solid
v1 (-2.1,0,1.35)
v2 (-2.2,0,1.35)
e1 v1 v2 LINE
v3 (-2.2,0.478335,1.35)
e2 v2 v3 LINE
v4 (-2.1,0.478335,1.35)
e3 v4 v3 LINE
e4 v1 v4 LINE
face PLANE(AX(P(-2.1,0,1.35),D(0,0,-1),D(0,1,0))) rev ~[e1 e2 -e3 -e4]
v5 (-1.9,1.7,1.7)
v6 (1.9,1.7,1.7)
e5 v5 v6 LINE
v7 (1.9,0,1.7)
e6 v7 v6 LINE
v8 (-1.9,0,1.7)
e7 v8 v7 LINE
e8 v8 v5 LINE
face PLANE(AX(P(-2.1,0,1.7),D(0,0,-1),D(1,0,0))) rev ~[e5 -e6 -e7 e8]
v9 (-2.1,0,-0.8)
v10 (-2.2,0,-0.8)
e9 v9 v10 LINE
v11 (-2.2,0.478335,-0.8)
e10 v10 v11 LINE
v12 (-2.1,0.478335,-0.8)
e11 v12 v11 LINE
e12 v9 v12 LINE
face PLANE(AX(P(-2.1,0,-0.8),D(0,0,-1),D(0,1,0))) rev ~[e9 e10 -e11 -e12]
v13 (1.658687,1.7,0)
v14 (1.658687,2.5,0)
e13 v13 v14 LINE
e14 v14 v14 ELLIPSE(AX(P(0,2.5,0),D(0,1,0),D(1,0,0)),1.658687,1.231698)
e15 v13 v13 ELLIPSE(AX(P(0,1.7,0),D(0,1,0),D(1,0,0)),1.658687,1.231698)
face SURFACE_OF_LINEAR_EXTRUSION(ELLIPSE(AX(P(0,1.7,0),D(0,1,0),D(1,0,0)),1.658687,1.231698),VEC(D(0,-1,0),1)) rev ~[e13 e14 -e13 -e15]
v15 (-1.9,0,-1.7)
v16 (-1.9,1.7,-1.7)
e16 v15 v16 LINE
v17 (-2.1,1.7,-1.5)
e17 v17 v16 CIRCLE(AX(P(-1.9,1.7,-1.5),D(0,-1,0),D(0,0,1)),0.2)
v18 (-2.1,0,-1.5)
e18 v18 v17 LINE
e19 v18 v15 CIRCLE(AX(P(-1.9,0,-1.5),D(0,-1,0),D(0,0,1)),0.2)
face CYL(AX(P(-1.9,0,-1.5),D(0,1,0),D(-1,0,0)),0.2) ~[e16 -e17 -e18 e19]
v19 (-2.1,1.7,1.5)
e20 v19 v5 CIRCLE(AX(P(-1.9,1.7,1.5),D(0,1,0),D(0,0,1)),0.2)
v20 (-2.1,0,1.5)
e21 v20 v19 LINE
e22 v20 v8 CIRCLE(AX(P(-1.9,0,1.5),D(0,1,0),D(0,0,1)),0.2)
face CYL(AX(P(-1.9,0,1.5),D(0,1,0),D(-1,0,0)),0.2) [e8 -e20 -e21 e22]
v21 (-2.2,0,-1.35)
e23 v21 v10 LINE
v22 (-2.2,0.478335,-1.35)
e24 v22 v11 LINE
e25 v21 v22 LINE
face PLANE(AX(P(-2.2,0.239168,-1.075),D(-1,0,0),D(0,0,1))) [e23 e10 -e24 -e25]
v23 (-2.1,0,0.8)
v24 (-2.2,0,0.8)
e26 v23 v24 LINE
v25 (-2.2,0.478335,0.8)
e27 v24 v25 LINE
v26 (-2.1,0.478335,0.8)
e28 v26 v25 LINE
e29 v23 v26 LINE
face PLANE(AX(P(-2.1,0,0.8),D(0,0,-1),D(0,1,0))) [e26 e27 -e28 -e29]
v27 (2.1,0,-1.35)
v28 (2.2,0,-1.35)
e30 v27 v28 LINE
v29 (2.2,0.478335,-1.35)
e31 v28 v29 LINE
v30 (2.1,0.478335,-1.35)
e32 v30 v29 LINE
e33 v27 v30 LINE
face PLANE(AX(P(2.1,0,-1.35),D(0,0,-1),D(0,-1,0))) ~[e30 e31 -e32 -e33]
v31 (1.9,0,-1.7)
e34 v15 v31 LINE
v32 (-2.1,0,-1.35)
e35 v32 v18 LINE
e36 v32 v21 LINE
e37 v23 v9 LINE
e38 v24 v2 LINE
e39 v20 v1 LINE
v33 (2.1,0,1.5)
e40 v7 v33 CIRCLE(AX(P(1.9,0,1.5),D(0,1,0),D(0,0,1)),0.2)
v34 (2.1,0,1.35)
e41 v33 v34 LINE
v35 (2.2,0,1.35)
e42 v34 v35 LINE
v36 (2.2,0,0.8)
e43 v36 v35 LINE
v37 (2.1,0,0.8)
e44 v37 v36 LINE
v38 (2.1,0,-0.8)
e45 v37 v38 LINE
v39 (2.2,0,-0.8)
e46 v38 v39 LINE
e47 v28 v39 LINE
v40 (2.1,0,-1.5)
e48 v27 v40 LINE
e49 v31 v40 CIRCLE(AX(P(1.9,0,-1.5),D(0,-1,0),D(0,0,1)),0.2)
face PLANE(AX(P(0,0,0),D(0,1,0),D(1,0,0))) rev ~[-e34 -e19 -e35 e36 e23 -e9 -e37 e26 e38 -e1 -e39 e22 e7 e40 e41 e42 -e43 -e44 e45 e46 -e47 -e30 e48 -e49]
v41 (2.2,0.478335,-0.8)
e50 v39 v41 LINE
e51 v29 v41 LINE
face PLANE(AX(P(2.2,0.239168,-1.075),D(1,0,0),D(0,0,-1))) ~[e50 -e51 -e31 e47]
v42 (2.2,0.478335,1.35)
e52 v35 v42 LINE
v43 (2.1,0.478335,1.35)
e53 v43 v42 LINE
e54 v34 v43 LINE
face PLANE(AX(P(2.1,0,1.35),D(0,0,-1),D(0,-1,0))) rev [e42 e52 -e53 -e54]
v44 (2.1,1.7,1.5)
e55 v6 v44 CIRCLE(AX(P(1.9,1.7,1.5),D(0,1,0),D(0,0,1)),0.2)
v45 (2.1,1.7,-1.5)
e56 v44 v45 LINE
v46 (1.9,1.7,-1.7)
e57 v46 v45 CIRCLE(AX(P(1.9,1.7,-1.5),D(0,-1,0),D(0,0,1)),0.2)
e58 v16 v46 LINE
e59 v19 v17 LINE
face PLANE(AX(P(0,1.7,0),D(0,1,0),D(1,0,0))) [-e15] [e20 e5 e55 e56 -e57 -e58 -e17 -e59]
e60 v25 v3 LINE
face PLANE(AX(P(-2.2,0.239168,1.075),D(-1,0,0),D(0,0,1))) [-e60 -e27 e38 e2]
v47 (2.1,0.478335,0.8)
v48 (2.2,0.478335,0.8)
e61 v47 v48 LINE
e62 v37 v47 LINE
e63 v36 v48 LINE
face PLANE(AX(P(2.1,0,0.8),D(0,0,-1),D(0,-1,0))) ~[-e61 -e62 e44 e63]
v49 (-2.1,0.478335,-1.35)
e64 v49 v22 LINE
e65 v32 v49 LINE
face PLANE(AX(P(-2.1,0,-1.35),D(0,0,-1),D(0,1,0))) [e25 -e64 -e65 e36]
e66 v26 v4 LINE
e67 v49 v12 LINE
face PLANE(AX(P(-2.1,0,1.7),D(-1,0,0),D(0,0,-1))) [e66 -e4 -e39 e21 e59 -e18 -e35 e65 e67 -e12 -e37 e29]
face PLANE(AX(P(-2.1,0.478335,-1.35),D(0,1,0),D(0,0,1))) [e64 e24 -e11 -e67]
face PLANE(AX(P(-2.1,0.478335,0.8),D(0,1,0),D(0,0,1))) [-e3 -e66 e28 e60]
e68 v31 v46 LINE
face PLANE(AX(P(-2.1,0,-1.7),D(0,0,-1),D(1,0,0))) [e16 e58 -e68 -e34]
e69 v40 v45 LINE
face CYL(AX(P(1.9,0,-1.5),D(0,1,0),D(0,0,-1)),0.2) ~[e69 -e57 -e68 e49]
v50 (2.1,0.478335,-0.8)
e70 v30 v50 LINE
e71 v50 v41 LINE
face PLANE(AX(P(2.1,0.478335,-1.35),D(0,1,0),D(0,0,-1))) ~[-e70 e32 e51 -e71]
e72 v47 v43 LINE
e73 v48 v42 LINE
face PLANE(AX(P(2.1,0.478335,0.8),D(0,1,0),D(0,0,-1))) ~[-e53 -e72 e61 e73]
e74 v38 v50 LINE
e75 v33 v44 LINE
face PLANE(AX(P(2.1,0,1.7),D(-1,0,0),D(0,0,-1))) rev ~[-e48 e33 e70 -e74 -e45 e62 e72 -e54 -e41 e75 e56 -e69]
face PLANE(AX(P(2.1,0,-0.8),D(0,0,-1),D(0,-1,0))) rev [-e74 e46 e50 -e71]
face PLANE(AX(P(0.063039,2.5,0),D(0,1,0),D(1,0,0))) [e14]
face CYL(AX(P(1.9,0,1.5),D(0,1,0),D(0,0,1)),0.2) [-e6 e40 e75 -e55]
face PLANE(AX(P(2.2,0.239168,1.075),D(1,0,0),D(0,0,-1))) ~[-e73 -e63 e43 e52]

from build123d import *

# Parameters (mm, degrees)
SKETCH_1_W      = 4.2
SKETCH_1_H      = 3.4
EXTRUDE_1_DEPTH = 1.7
SKETCH_2_RX     = 1.658686792
SKETCH_2_RY     = 1.231698113
EXTRUDE_2_DEPTH = 0.8
FILLET_1_R      = 0.2
SKETCH_3_W      = 0.55
SKETCH_3_H      = 0.478335134
EXTRUDE_3_DEPTH = 0.1


with BuildPart() as part:
    # 草图1 → 凸台-拉伸1 (new body)
    with BuildSketch(Plane(origin=(0, 0, 0), x_dir=(1, 0, 0), z_dir=(0, 1, 0))):
        Rectangle(SKETCH_1_W, SKETCH_1_H)
    extrude(amount=EXTRUDE_1_DEPTH)

    # 草图2 → 凸台-拉伸2 (add)
    with BuildSketch(Plane(origin=(0, 1.7, 0), x_dir=(1, 0, 0), z_dir=(0, 1, 0))):
        with Locations((0, 0)):
            Ellipse(SKETCH_2_RX, SKETCH_2_RY)
    extrude(amount=EXTRUDE_2_DEPTH)

    # 圆角1
    fillet_1_edges = [part.edges().sort_by_distance(p)[0] for p in [
        (2.1, 0.85, 1.7),
        (-2.1, 0.85, 1.7),
        (-2.1, 0.85, -1.7),
        (2.1, 0.85, -1.7),
    ]]
    fillet(fillet_1_edges, radius=FILLET_1_R)

    # 草图3 → 凸台-拉伸3 (add)
    with BuildSketch(Plane.ZY.offset(2.1)):
        with Locations((-1.075, 0.239167567)):
            Rectangle(SKETCH_3_W, SKETCH_3_H)
        with Locations((1.075, 0.239167567)):
            Rectangle(SKETCH_3_W, SKETCH_3_H)
    extrude_3 = extrude(amount=EXTRUDE_3_DEPTH)

    # 镜向1: 凸台-拉伸3 across plane
    add(extrude_3.mirror(Plane(origin=(0, 0, 0), x_dir=(0, 0, 1), z_dir=(1, 0, 0))))


solid = part.part
